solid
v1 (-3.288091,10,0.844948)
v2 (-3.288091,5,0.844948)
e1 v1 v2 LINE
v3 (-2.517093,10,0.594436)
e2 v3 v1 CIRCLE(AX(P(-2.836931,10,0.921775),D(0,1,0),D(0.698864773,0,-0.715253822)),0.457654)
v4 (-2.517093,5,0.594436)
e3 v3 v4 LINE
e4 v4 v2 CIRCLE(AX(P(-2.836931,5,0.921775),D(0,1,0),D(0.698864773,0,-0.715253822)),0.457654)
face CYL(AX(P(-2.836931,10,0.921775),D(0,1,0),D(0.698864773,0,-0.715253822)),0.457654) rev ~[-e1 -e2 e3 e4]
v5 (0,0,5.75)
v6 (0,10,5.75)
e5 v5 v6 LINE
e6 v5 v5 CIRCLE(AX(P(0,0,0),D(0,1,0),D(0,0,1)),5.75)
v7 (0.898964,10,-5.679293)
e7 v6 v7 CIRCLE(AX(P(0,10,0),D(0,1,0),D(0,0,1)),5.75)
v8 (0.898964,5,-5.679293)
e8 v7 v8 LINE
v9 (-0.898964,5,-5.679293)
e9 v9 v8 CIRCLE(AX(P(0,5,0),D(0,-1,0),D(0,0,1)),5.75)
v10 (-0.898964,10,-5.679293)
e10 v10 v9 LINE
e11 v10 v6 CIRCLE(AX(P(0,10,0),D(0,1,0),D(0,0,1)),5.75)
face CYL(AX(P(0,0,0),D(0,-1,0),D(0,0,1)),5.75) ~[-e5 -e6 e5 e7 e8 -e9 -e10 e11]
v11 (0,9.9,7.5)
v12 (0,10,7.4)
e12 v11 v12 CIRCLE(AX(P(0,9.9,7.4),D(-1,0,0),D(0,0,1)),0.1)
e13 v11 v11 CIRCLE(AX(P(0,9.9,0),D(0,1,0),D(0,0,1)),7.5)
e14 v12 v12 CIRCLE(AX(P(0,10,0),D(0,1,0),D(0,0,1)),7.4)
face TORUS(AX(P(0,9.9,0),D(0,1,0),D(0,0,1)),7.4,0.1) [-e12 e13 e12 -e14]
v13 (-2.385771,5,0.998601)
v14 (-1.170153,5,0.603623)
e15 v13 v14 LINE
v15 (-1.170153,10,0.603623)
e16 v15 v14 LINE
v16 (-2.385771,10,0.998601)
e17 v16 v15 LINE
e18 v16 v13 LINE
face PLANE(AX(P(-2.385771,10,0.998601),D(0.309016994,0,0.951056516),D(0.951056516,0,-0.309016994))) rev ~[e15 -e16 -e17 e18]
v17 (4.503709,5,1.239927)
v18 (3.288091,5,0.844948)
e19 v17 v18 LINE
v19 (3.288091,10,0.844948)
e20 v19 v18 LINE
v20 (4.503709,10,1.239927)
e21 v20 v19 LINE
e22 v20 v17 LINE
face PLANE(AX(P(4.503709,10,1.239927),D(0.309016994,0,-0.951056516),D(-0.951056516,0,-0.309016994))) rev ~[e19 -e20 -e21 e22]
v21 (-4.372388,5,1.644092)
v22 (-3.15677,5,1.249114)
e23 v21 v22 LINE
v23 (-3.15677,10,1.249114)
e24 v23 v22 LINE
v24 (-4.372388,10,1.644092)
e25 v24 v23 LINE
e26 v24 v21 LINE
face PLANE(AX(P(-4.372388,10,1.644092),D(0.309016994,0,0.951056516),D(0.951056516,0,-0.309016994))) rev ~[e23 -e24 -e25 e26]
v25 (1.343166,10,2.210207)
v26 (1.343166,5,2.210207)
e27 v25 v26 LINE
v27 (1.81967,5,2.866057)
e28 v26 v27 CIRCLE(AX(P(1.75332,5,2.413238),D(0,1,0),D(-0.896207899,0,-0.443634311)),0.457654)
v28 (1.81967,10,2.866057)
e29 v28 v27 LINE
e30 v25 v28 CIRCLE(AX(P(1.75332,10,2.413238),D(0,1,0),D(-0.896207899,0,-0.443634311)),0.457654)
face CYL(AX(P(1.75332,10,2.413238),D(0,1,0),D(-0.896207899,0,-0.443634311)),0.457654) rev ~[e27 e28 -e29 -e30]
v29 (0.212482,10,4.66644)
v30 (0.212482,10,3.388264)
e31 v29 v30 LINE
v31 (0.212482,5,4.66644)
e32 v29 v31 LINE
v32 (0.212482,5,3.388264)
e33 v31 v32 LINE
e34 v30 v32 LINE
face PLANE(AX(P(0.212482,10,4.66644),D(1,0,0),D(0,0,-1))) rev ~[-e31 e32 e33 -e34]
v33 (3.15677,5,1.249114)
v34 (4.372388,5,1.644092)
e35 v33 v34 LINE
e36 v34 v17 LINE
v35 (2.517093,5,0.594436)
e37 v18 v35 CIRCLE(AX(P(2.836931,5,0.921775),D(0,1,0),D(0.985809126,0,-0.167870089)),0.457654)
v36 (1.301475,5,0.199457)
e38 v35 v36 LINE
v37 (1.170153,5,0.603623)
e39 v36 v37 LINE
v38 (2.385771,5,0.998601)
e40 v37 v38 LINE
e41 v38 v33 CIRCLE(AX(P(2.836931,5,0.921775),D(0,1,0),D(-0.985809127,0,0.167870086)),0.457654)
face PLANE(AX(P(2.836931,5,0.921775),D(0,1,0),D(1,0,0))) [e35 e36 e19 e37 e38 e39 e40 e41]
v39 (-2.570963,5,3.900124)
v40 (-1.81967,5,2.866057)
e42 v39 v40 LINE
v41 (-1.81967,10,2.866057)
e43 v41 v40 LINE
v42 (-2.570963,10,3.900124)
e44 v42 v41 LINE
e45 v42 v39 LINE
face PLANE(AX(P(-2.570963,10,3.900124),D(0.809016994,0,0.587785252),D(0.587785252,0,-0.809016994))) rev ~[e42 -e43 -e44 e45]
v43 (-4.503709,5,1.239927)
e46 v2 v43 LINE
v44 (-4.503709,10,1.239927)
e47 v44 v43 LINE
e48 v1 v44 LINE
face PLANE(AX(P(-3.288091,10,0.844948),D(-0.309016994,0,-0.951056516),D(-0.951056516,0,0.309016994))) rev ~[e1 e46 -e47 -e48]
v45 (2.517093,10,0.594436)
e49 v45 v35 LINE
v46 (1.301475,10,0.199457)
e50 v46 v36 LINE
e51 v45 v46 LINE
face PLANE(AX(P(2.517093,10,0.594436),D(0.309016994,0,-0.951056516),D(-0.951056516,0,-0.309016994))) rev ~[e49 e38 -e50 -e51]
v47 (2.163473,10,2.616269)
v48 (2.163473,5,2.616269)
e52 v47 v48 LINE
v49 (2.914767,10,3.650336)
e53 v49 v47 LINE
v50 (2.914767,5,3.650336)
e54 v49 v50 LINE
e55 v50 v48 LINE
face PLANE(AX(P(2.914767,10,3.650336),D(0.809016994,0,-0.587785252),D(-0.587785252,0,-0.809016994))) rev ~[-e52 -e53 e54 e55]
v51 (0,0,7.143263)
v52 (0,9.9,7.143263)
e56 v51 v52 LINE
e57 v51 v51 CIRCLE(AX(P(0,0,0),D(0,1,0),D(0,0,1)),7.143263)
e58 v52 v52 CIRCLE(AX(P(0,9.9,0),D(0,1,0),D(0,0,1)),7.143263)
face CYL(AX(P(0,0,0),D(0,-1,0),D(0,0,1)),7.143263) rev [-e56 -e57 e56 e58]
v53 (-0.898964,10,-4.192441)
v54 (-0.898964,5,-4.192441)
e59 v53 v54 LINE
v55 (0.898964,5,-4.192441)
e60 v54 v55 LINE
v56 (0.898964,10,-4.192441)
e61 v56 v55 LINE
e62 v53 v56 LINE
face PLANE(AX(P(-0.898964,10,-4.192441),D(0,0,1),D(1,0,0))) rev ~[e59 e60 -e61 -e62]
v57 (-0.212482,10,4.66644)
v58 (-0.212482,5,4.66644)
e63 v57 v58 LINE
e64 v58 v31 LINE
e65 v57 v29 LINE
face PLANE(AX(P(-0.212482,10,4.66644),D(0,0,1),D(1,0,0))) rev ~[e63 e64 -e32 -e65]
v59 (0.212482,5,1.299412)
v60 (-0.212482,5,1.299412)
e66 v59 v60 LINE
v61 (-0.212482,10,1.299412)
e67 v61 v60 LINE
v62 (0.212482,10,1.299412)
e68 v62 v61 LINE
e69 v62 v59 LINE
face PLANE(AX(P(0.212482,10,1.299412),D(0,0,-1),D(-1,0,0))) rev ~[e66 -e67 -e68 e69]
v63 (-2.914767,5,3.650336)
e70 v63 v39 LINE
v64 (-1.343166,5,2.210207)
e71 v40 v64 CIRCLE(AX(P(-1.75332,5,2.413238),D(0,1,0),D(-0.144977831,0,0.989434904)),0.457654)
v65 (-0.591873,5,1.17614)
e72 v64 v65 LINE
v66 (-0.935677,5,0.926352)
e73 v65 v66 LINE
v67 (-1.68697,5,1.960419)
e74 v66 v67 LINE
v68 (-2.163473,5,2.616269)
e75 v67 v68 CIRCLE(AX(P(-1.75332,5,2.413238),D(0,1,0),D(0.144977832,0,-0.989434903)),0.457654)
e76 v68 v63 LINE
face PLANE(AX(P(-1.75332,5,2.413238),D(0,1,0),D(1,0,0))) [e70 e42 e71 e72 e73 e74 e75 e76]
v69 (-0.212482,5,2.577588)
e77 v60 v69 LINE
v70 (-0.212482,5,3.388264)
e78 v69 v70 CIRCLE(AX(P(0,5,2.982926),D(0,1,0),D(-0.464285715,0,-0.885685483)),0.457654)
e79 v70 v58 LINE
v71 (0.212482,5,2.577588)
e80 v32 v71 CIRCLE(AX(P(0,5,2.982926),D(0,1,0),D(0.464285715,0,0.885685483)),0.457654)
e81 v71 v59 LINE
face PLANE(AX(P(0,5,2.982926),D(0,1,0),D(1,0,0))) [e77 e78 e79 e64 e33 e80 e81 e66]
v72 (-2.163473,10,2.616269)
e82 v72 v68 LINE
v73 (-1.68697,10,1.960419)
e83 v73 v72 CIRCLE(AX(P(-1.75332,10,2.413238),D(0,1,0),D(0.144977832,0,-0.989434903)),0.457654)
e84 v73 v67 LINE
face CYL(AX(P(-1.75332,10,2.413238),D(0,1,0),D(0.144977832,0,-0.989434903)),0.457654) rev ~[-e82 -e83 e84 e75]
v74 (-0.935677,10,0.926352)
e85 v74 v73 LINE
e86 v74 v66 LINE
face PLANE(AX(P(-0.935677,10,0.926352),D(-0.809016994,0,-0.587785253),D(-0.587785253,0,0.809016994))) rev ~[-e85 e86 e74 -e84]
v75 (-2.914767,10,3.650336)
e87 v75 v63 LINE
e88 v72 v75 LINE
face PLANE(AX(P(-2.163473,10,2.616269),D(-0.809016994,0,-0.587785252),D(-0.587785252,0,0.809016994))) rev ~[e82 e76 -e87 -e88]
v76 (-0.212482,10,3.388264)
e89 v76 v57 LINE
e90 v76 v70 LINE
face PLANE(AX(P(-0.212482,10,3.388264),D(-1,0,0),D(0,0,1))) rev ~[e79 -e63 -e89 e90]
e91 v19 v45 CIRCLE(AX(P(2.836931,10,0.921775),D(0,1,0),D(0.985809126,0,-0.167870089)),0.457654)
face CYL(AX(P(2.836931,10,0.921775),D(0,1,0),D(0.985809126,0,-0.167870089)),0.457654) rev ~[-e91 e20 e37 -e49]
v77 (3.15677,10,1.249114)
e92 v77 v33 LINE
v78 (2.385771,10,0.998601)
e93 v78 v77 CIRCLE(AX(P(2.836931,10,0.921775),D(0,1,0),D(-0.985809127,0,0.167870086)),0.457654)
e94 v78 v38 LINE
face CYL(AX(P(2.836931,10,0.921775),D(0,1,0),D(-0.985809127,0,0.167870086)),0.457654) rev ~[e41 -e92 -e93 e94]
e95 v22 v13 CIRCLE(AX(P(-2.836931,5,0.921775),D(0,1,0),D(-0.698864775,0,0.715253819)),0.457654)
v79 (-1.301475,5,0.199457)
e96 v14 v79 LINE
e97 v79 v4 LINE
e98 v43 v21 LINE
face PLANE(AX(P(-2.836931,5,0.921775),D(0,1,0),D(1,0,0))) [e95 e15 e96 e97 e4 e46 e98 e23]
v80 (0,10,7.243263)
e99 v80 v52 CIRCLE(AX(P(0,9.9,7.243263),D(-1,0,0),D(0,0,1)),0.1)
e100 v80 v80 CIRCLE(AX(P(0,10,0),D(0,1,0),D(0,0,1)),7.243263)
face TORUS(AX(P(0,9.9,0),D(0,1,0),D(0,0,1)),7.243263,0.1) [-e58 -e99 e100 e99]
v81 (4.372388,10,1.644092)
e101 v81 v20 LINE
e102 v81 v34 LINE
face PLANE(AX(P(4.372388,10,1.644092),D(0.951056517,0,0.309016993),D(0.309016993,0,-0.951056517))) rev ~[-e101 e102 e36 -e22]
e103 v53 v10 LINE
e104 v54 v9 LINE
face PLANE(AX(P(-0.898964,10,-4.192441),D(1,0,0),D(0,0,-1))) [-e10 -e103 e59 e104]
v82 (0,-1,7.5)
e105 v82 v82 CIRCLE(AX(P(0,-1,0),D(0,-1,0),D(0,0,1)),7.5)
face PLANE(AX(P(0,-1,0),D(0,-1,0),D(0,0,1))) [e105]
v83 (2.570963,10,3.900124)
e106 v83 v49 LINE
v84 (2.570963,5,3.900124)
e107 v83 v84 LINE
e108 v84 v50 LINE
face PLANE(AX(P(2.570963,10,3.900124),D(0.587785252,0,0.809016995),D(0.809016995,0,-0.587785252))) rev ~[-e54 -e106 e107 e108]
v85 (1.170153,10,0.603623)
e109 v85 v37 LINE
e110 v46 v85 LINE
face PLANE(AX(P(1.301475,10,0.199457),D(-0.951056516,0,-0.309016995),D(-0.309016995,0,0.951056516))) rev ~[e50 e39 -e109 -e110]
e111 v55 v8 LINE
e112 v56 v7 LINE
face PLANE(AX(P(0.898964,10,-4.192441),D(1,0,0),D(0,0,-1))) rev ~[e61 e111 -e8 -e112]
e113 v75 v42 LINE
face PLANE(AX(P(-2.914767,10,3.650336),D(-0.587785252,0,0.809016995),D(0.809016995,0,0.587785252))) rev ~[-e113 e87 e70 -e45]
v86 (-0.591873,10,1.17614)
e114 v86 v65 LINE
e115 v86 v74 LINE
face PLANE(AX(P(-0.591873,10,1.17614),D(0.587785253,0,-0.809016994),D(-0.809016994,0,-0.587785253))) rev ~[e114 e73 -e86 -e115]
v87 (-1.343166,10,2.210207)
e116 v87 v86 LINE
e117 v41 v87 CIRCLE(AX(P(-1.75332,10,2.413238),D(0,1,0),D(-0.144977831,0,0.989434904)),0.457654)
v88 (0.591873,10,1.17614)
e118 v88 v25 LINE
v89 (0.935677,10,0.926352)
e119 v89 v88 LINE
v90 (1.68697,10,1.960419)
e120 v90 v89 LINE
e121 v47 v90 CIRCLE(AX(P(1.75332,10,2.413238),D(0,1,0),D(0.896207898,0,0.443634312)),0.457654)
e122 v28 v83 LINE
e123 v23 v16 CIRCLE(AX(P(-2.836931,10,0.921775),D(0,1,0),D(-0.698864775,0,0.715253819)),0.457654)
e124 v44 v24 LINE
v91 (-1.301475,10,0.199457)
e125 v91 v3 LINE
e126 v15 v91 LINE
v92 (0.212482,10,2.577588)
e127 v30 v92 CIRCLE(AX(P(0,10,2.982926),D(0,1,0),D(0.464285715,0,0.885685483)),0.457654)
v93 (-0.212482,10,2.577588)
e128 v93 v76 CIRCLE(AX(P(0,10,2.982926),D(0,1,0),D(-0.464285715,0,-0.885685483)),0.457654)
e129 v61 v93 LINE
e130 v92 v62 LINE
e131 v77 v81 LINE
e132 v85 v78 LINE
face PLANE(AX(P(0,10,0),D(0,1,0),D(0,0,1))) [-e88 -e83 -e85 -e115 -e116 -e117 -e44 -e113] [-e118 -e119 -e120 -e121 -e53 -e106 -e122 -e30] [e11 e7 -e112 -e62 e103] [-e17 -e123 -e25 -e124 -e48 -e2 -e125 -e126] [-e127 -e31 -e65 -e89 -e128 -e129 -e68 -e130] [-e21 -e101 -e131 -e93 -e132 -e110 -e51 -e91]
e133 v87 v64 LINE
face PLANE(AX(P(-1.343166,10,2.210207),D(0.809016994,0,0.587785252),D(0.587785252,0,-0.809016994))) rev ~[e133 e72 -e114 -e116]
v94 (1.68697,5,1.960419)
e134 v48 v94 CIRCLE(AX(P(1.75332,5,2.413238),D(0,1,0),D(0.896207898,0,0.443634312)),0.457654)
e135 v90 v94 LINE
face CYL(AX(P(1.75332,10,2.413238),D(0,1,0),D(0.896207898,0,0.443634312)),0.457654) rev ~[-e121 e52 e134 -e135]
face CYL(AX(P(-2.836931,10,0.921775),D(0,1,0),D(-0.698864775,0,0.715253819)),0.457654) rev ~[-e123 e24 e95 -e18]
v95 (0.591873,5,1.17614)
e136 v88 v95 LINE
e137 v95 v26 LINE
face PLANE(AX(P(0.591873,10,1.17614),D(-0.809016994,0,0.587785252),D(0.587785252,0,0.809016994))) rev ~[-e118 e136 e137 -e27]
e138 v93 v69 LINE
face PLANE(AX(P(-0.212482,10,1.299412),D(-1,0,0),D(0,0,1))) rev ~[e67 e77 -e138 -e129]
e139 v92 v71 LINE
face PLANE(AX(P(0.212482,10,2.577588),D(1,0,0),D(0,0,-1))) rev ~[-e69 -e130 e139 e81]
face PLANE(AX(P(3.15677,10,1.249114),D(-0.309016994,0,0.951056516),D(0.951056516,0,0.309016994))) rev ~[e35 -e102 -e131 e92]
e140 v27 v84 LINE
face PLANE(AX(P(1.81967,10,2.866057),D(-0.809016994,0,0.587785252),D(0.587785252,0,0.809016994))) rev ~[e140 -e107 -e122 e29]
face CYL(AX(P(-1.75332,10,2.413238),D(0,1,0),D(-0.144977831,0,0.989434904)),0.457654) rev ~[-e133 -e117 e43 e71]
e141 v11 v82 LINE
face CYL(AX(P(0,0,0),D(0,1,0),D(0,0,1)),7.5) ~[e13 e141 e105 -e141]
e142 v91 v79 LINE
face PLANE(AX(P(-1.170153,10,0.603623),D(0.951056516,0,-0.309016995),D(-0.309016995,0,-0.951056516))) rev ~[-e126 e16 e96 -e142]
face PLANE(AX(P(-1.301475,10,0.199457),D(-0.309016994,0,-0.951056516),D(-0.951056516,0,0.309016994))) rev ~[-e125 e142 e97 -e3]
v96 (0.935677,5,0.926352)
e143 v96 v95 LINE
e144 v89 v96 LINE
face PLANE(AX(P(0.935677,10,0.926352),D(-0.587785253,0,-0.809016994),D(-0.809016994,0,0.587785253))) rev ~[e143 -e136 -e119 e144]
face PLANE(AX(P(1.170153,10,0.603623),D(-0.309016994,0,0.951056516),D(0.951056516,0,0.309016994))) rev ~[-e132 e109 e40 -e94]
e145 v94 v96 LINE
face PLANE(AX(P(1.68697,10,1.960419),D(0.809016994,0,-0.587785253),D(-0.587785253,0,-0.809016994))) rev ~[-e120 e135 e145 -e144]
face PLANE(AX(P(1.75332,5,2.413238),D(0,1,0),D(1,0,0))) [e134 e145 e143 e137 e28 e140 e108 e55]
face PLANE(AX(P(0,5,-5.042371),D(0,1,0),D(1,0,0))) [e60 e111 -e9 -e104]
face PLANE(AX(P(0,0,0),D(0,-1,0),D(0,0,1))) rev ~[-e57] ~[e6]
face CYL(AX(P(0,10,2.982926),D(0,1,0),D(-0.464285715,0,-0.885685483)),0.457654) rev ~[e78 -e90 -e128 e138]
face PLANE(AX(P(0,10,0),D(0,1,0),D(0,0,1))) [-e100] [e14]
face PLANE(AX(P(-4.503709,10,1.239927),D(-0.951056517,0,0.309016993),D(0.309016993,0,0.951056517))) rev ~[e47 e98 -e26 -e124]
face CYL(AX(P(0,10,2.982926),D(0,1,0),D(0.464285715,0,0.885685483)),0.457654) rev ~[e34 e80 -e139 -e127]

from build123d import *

# Parameters (mm, degrees)
SKETCH_1_R          = 5.75
EXTRUDE_1_DEPTH     = 10
SKETCH_2_W          = 1.797928006
SKETCH_2_H          = 1.699859207
CUT_EXTRUDE_1_DEPTH = 5
SKETCH_3_R          = 7.5
SKETCH_3_R_2        = 7.143263017
EXTRUDE_2_DEPTH     = 10
SKETCH_4_R          = 7.5
EXTRUDE_3_DEPTH     = 1
FILLET_2_R          = 0.1


with BuildPart() as part:
    # 草图1 → 凸台-拉伸1 (new body)
    with BuildSketch(Plane(origin=(0, 0, 0), x_dir=(1, 0, 0), z_dir=(0, 1, 0))):
        with Locations(Location((0, 0, 0), (0, 0, 270))):
            Circle(SKETCH_1_R)
    extrude(amount=EXTRUDE_1_DEPTH)

    # 草图2 → 切除-拉伸1 (cut)
    with BuildSketch(Plane(origin=(0, 10, 0), x_dir=(1, 0, 0), z_dir=(0, 1, 0))):
        with BuildLine():
            Line((0.212482401, -2.577588151), (0.212482401, -1.299411605))
            Line((0.212482401, -1.299411605), (-0.212482401, -1.299411605))
            Line((-0.212482401, -1.299411605), (-0.212482401, -2.577588151))
            ThreePointArc((-0.212482401, -2.577588151), (-0.457654402, -2.982926011), (-0.212482401, -3.388263872))
            Line((-0.212482401, -3.388263872), (-0.212482401, -4.666440418))
            Line((-0.212482401, -4.666440418), (0.212482401, -4.666440418))
            Line((0.212482401, -4.666440418), (0.212482401, -3.388263872))
            ThreePointArc((0.212482401, -3.388263872), (0.457654402, -2.982926011), (0.212482401, -2.577588151))
        make_face()
        with Locations((0, 5.04237082)):
            Rectangle(SKETCH_2_W, SKETCH_2_H)
        with BuildLine():
            Line((-1.343166429, -2.210206641), (-0.591873105, -1.176140093))
            Line((-0.591873105, -1.176140093), (-0.935676851, -0.92635205))
            Line((-0.935676851, -0.92635205), (-1.686970175, -1.960418597))
            ThreePointArc((-1.686970175, -1.960418597), (-2.123570107, -2.144235328), (-2.163473408, -2.616269032))
            Line((-2.163473408, -2.616269032), (-2.914766732, -3.65033558))
            Line((-2.914766732, -3.65033558), (-2.570962985, -3.900123623))
            Line((-2.570962985, -3.900123623), (-1.819669661, -2.866057075))
            ThreePointArc((-1.819669661, -2.866057075), (-1.38306973, -2.682240344), (-1.343166429, -2.210206641))
        make_face()
        with BuildLine():
            Line((-2.385771335, -0.998601315), (-1.170153201, -0.603623041))
            Line((-1.170153201, -0.603623041), (-1.301474547, -0.199457497))
            Line((-1.301474547, -0.199457497), (-2.517092681, -0.594435771))
            ThreePointArc((-2.517092681, -0.594435771), (-2.978354209, -0.48651963), (-3.288091107, -0.844948346))
            Line((-3.288091107, -0.844948346), (-4.50370924, -1.23992662))
            Line((-4.50370924, -1.23992662), (-4.372387895, -1.644092164))
            Line((-4.372387895, -1.644092164), (-3.156769761, -1.24911389))
            ThreePointArc((-3.156769761, -1.24911389), (-2.695508233, -1.357030032), (-2.385771335, -0.998601315))
        make_face()
        with BuildLine():
            Line((2.517092681, -0.594435771), (1.301474547, -0.199457497))
            Line((1.301474547, -0.199457497), (1.170153201, -0.603623041))
            Line((1.170153201, -0.603623041), (2.385771335, -0.998601315))
            ThreePointArc((2.385771335, -0.998601315), (2.695508233, -1.357030032), (3.156769761, -1.24911389))
            Line((3.156769761, -1.24911389), (4.372387895, -1.644092164))
            Line((4.372387895, -1.644092164), (4.50370924, -1.23992662))
            Line((4.50370924, -1.23992662), (3.288091107, -0.844948346))
            ThreePointArc((3.288091107, -0.844948346), (2.978354209, -0.48651963), (2.517092681, -0.594435771))
        make_face()
        with BuildLine():
            Line((1.686970175, -1.960418597), (0.935676851, -0.92635205))
            Line((0.935676851, -0.92635205), (0.591873105, -1.176140093))
            Line((0.591873105, -1.176140093), (1.343166429, -2.210206641))
            ThreePointArc((1.343166429, -2.210206641), (1.38306973, -2.682240344), (1.819669661, -2.866057075))
            Line((1.819669661, -2.866057075), (2.570962985, -3.900123623))
            Line((2.570962985, -3.900123623), (2.914766732, -3.65033558))
            Line((2.914766732, -3.65033558), (2.163473408, -2.616269032))
            ThreePointArc((2.163473408, -2.616269032), (2.123570107, -2.144235328), (1.686970175, -1.960418597))
        make_face()
    extrude(amount=-CUT_EXTRUDE_1_DEPTH, mode=Mode.SUBTRACT)



with BuildPart() as body_2:
    # 草图3 → 凸台-拉伸2 (new body)
    with BuildSketch(Plane(origin=(0, 0, 0), x_dir=(1, 0, 0), z_dir=(0, 1, 0))):
        with Locations(Location((0, 0, 0), (0, 0, 270))):
            Circle(SKETCH_3_R)
        with Locations(Location((0, 0, 0), (0, 0, 270))):
            Circle(SKETCH_3_R_2, mode=Mode.SUBTRACT)
    extrude(amount=EXTRUDE_2_DEPTH)


with BuildPart() as part_1:
    add(part.part)

    add(body_2.part)  # 凸台-拉伸3 merges body 2
    # 草图4 → 凸台-拉伸3 (add)
    with BuildSketch(Plane.XZ):
        with Locations(Location((0, 0, 0), (0, 0, 90))):
            Circle(SKETCH_4_R)
    extrude(amount=EXTRUDE_3_DEPTH)

    # 圆角2
    fillet_2_edges = [part_1.edges().sort_by_distance(p)[0] for p in [
        (0, 10, -7.5),
        (0, 10, -7.143263017),
    ]]
    fillet(fillet_2_edges, radius=FILLET_2_R)


solid = part_1.part
